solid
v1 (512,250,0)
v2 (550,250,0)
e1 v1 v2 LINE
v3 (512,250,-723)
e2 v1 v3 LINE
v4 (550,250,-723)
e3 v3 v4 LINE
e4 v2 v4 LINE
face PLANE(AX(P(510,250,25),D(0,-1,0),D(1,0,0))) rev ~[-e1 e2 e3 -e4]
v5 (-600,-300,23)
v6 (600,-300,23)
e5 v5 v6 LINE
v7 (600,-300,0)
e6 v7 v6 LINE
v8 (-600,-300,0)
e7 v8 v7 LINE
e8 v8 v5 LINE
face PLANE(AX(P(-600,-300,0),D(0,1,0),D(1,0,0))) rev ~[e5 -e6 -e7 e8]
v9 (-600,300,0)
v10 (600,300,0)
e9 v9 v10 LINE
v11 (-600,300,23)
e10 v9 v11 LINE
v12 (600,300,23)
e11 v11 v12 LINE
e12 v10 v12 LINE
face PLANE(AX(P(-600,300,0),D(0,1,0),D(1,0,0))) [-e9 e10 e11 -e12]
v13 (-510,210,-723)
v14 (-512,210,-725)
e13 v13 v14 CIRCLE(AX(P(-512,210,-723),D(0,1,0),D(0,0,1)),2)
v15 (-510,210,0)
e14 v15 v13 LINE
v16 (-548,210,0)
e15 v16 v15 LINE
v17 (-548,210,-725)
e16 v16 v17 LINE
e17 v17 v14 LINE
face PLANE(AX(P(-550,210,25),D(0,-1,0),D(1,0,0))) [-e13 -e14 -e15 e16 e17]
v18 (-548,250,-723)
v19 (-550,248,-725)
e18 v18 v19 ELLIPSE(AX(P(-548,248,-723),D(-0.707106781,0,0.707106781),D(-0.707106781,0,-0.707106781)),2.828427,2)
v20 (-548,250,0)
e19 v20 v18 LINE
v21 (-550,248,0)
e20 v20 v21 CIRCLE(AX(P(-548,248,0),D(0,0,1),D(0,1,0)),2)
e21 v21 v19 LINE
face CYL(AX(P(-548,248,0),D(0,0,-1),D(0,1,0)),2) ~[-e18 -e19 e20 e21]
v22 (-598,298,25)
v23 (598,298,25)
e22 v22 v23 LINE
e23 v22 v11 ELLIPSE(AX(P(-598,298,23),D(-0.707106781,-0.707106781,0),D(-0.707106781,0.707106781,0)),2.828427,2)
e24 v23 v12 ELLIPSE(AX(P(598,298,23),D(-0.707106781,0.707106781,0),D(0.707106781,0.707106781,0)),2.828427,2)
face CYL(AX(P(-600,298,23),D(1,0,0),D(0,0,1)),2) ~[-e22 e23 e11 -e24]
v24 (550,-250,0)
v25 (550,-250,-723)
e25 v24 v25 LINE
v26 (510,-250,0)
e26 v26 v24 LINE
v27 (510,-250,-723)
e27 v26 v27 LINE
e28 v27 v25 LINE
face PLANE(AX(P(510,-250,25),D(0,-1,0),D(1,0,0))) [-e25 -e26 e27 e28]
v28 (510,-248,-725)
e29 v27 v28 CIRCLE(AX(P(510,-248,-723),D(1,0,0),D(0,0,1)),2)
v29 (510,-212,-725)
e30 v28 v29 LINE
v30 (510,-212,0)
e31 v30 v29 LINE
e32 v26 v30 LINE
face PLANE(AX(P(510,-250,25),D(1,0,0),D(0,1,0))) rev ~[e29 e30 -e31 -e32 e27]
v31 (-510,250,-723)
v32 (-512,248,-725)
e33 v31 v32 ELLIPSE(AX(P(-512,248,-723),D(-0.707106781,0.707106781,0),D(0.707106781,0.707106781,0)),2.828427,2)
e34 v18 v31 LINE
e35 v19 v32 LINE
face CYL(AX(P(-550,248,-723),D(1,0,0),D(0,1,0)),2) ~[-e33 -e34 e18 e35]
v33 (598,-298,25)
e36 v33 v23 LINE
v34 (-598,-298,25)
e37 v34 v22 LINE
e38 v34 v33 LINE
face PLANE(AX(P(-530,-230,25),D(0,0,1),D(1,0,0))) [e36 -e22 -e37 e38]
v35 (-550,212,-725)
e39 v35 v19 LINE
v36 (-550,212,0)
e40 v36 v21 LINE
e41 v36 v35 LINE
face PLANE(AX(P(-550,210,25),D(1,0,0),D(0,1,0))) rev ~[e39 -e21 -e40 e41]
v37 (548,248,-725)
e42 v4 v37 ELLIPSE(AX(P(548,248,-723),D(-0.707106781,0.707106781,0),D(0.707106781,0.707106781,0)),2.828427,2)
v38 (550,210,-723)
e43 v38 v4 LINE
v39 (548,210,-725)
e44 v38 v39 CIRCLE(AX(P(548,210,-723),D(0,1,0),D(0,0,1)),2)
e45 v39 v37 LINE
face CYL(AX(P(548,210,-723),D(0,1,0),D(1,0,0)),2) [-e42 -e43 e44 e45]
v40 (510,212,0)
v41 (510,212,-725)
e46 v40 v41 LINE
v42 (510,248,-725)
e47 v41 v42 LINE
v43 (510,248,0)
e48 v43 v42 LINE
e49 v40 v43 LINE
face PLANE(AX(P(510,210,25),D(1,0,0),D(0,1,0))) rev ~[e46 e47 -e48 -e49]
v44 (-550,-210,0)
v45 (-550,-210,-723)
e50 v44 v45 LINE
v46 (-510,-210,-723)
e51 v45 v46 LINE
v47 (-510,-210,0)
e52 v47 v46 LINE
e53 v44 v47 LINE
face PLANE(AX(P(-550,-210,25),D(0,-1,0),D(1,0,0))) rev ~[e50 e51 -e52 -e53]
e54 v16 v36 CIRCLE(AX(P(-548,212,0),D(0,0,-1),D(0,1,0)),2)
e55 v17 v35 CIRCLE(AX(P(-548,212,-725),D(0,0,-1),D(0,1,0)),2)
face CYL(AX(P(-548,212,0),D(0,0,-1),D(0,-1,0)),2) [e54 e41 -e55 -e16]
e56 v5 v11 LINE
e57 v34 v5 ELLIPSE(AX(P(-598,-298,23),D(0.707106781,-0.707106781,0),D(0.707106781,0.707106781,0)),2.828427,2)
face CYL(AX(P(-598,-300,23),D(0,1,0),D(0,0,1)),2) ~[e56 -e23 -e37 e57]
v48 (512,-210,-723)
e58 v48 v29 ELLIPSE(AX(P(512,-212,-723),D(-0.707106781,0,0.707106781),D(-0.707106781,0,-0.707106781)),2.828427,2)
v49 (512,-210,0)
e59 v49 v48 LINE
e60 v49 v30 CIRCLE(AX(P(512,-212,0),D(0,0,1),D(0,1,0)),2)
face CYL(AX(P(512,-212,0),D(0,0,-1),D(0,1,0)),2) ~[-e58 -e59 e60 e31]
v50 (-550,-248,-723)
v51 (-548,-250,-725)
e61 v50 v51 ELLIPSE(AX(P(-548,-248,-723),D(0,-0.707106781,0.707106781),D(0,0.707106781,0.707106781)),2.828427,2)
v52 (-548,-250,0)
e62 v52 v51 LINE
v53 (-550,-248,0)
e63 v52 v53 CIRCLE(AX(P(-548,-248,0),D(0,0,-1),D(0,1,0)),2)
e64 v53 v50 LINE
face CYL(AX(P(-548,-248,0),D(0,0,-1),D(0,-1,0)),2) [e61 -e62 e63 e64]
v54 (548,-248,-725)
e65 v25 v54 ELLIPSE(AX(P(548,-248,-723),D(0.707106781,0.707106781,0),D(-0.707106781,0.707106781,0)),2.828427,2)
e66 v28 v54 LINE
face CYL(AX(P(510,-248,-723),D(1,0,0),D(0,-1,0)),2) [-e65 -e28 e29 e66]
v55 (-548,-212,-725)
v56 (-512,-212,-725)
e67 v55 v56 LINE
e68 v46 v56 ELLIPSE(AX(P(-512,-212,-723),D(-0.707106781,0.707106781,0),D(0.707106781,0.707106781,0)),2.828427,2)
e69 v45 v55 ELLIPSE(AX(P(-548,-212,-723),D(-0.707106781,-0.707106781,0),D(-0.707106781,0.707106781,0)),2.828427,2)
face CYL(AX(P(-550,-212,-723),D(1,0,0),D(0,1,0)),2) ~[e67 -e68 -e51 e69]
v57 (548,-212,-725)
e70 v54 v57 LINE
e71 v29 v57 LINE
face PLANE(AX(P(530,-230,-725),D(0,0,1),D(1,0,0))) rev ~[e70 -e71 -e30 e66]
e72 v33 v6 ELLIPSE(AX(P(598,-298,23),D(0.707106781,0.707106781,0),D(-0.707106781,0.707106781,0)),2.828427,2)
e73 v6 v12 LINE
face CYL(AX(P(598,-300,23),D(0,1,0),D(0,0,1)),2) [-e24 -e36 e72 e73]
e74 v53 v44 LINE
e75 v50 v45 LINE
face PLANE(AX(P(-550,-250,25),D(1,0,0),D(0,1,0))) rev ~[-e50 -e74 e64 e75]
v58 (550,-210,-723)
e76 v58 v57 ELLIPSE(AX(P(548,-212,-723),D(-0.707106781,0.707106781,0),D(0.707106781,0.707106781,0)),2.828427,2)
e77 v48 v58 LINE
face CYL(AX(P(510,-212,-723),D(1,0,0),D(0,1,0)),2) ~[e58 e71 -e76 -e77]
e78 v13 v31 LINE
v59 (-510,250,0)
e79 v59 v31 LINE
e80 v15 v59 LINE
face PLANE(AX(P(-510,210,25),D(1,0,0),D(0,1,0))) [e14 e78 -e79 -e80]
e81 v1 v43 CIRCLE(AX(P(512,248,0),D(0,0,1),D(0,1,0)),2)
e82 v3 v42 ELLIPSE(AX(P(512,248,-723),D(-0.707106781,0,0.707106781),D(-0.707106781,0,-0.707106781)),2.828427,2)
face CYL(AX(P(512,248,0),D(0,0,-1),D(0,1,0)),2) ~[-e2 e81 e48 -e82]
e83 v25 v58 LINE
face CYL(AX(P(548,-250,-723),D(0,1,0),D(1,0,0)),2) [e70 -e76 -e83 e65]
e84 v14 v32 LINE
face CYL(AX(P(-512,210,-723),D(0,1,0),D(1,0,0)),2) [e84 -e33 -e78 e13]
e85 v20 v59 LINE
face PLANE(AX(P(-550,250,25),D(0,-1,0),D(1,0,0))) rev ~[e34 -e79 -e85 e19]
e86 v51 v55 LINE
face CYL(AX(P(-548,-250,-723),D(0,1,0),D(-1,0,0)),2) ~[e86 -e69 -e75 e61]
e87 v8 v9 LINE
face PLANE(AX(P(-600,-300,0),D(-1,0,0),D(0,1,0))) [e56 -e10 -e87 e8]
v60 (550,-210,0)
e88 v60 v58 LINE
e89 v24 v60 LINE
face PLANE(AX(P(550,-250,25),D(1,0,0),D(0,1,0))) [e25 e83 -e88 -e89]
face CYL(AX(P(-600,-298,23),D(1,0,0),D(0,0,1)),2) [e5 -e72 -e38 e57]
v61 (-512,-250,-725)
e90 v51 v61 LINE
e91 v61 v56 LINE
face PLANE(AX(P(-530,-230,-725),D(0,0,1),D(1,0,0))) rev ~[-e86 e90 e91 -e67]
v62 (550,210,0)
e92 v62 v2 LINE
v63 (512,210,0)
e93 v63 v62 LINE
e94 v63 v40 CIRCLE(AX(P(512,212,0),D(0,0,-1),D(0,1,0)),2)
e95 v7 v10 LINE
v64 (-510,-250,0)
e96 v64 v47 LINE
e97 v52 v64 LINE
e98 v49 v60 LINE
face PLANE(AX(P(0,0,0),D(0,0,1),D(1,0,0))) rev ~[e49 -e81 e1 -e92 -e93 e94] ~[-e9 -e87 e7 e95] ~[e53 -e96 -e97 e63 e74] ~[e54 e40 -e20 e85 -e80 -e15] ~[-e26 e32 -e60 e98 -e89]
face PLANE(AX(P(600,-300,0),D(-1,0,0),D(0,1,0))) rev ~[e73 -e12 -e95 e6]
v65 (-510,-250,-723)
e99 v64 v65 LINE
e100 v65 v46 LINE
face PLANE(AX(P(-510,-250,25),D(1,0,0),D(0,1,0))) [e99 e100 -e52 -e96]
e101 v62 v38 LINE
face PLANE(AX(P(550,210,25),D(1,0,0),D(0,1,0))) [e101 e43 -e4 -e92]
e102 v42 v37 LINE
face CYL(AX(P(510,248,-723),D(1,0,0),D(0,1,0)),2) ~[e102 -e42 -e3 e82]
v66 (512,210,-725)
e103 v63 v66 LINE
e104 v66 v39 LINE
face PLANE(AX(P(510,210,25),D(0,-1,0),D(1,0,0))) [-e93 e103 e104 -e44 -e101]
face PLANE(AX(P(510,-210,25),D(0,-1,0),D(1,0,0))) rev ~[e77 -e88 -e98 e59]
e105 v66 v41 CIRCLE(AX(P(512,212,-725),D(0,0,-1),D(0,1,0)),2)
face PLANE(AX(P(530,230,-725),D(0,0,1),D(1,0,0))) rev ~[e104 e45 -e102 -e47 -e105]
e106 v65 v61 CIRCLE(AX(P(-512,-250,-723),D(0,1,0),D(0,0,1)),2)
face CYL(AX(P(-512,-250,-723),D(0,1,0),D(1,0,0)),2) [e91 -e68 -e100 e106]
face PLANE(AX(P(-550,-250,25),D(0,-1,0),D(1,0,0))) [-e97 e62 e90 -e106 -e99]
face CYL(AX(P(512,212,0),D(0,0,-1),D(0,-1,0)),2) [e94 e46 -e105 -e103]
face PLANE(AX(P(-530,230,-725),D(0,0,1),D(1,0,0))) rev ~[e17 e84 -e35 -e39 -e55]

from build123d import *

# Parameters (mm, degrees)
SKETCH1_W           = 1200
SKETCH1_H           = 600
BOSS_EXTRUDE1_DEPTH = 25
SKETCH2_W           = 40
SKETCH2_H           = 40
BOSS_EXTRUDE2_DEPTH = 750
FILLET1_R           = 2


with BuildPart() as part:
    # Sketch1 → Boss-Extrude1 (new body)
    with BuildSketch(Plane.XY):
        Rectangle(SKETCH1_W, SKETCH1_H)
    extrude(amount=BOSS_EXTRUDE1_DEPTH)

    # Sketch2 → Boss-Extrude2 (add)
    with BuildSketch(Plane.XY.offset(25)):
        with Locations((-530, -230)):
            Rectangle(SKETCH2_W, SKETCH2_H)
        with Locations((530, -230)):
            Rectangle(SKETCH2_W, SKETCH2_H)
        with Locations((-530, 230)):
            Rectangle(SKETCH2_W, SKETCH2_H)
        with Locations((530, 230)):
            Rectangle(SKETCH2_W, SKETCH2_H)
    extrude(amount=-BOSS_EXTRUDE2_DEPTH)

    # Fillet1
    fillet1_edges = [part.edges().sort_by_distance(p)[0] for p in [
        (510, 250, -362.5),
        (550, 230, -725),
        (510, 210, -362.5),
        (530, 250, -725),
        (-550, 250, -362.5),
        (-510, 230, -725),
        (-550, 210, -362.5),
        (-530, 250, -725),
        (510, -210, -362.5),
        (550, -230, -725),
        (530, -250, -725),
        (530, -210, -725),
        (-550, -230, -725),
        (-510, -230, -725),
        (-550, -250, -362.5),
        (-530, -210, -725),
        (-600, 0, 25),
        (600, 0, 25),
        (0, -300, 25),
        (0, 300, 25),
    ]]
    fillet(fillet1_edges, radius=FILLET1_R)


solid = part.part
